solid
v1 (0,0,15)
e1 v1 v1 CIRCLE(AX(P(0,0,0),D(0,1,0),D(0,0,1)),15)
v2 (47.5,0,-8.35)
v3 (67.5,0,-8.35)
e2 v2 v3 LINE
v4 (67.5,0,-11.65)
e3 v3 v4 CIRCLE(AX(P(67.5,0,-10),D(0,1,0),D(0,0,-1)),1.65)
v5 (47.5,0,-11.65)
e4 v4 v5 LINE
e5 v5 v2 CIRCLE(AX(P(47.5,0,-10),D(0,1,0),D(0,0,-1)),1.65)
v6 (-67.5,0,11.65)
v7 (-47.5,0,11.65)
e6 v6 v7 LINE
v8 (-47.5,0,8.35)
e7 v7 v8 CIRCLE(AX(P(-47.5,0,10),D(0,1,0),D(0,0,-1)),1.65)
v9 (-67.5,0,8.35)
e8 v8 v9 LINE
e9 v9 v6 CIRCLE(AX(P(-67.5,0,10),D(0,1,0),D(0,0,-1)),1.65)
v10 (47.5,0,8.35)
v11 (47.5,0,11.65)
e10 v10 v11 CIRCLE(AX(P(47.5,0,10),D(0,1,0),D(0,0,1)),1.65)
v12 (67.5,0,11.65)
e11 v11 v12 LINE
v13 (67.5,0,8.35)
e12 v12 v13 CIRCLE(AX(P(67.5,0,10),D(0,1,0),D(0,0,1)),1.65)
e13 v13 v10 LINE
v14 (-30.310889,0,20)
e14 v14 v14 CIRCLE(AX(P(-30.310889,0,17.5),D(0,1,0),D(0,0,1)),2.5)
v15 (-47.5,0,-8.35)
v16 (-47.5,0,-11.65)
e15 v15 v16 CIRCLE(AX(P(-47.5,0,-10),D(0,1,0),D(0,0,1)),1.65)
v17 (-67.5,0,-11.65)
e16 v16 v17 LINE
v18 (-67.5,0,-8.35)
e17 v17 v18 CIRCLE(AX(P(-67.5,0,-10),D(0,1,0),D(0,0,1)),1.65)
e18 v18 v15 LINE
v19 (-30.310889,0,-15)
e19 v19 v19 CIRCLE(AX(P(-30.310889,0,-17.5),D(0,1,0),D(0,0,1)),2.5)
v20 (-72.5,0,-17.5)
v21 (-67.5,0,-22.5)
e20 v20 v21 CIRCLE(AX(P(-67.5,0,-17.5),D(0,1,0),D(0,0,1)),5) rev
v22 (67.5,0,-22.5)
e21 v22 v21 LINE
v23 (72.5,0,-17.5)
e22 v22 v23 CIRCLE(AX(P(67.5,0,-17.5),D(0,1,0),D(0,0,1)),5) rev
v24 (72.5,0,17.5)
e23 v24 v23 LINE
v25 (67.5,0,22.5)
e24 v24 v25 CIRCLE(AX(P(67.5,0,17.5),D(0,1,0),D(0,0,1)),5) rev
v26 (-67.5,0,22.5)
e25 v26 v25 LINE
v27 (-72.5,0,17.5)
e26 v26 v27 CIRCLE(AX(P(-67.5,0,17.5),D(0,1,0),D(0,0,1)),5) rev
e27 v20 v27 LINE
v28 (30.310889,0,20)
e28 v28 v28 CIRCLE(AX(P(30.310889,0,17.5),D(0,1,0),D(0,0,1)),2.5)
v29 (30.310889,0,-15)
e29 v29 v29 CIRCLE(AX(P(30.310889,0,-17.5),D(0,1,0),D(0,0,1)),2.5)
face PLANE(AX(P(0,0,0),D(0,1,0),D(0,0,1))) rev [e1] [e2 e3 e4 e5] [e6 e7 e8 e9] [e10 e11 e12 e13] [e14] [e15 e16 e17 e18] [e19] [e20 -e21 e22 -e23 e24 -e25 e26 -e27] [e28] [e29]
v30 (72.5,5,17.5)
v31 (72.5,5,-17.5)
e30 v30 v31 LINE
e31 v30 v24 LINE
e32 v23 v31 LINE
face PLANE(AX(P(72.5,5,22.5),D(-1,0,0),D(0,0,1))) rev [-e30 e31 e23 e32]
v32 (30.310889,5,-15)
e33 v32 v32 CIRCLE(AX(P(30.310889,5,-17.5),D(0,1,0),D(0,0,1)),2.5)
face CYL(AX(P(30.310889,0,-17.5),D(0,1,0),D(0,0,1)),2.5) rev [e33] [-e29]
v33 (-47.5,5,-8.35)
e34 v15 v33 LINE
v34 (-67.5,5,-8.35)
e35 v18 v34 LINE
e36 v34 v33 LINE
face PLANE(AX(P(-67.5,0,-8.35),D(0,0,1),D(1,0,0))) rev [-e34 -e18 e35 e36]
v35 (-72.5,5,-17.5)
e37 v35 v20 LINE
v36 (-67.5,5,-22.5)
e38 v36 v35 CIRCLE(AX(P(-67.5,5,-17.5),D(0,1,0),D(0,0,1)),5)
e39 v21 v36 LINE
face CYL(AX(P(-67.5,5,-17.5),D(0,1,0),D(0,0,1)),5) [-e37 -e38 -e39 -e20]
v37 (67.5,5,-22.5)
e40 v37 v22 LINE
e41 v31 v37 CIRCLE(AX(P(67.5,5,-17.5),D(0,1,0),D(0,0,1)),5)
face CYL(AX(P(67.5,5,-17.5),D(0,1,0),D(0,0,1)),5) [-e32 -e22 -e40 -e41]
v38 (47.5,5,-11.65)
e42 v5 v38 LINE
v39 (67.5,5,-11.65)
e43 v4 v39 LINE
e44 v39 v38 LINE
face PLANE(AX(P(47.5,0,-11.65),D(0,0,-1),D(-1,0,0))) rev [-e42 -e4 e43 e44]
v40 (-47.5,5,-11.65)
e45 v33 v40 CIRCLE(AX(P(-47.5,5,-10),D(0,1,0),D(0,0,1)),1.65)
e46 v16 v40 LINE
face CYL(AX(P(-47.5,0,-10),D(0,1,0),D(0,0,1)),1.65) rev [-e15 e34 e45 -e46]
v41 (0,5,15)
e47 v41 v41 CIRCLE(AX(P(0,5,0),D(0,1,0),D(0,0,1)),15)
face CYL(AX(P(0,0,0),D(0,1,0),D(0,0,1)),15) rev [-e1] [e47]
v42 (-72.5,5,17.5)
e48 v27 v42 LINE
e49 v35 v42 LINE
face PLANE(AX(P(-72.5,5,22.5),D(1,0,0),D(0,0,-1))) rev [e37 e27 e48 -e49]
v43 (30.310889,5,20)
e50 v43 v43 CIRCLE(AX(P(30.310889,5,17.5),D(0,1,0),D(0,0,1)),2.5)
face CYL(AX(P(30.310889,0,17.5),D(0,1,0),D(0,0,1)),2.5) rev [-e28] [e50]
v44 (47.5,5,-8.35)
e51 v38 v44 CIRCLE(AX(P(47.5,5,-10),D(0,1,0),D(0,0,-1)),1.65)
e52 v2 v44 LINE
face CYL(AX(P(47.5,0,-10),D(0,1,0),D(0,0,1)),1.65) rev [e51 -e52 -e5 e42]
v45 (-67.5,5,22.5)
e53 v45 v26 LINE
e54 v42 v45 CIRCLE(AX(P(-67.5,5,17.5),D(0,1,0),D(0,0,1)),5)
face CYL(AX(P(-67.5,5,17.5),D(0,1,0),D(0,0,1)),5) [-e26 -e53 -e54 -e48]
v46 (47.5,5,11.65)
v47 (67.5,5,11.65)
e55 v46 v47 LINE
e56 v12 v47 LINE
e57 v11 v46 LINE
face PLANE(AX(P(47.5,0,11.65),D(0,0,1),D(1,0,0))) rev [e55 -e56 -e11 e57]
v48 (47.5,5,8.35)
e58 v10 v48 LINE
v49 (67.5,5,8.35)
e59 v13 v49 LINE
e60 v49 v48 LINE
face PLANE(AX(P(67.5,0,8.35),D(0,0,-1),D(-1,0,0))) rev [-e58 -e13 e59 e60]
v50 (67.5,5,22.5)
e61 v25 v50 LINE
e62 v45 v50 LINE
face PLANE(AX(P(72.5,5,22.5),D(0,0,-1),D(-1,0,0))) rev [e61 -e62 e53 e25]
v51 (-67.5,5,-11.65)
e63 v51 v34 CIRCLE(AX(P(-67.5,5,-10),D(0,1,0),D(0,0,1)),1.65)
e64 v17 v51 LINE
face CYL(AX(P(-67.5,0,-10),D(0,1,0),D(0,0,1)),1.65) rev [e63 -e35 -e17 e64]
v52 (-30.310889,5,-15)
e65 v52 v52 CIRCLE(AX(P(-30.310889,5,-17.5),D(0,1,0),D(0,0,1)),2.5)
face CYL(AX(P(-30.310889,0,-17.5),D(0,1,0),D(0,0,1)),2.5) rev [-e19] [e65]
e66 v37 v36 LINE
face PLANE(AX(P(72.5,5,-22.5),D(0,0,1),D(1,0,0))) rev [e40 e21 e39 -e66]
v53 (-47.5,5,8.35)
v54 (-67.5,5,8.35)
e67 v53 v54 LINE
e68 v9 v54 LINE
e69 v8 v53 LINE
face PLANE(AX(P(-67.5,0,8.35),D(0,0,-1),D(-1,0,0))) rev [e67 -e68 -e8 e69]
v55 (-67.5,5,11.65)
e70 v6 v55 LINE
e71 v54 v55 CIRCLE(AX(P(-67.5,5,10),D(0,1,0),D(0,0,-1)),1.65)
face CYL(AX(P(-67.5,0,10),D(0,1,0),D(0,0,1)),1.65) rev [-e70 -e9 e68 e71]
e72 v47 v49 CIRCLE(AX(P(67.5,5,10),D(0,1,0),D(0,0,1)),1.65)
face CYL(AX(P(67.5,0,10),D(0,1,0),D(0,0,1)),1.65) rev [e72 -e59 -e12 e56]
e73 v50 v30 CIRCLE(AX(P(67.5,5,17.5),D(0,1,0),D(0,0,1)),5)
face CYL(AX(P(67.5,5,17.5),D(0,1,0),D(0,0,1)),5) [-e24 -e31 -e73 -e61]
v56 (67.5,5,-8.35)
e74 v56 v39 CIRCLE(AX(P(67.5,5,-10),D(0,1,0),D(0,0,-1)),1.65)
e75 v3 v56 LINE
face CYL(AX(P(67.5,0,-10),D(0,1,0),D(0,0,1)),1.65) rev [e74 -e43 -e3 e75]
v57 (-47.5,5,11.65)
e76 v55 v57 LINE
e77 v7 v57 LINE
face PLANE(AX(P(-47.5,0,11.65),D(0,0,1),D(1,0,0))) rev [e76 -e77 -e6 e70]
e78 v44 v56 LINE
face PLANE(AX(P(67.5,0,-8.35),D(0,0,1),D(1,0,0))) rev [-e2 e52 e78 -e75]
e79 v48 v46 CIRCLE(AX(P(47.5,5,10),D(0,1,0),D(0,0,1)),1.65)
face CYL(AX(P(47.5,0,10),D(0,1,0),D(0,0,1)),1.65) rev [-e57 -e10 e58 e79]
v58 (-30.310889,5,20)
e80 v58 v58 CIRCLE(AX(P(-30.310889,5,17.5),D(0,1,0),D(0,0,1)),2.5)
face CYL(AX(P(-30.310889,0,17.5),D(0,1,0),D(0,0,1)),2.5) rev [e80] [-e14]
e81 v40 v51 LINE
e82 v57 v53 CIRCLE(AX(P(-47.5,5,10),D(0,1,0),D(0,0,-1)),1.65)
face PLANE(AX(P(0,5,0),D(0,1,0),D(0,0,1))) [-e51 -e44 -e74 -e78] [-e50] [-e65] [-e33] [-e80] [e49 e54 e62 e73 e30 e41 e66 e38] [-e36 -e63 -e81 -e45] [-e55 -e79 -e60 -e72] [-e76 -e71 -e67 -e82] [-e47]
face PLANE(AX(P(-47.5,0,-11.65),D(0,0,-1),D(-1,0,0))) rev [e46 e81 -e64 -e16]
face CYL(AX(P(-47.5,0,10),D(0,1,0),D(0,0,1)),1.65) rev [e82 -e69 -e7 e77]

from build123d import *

# Parameters (mm, degrees)
SKETCH1_W           = 145
SKETCH1_H           = 45
BOSS_EXTRUDE1_DEPTH = 5
CUT_EXTRUDE1_DEPTH  = 77.075620274
FILLET1_R           = 5
FILLET2_R           = 5
FILLET3_R           = 5
FILLET4_R           = 5
SKETCH3_R           = 2.5
CUT_EXTRUDE2_DEPTH  = 77.075620274
SKETCH4_R           = 15
CUT_EXTRUDE3_DEPTH  = 77.075620274


with BuildPart() as part:
    # Sketch1 → Boss-Extrude1 (new body)
    with BuildSketch(Plane(origin=(0, 0, 0), x_dir=(1, 0, 0), z_dir=(0, 1, 0))):
        Rectangle(SKETCH1_W, SKETCH1_H)
    extrude(amount=BOSS_EXTRUDE1_DEPTH)

    # Sketch2 → Cut-Extrude1 (cut, through all)
    with BuildSketch(Plane(origin=(0, 5, 0), x_dir=(1, 0, 0), z_dir=(0, 1, 0))):
        with BuildLine():
            Line((-67.5, 8.35), (-47.5, 8.35))
            ThreePointArc((-47.5, 8.35), (-45.85, 10), (-47.5, 11.65))
            Line((-47.5, 11.65), (-67.5, 11.65))
            ThreePointArc((-67.5, 11.65), (-69.15, 10), (-67.5, 8.35))
        make_face()
        with BuildLine():
            Line((-47.5, -11.65), (-67.5, -11.65))
            ThreePointArc((-67.5, -11.65), (-69.15, -10), (-67.5, -8.35))
            Line((-67.5, -8.35), (-47.5, -8.35))
            ThreePointArc((-47.5, -8.35), (-45.85, -10), (-47.5, -11.65))
        make_face()
        with BuildLine():
            Line((47.5, 11.65), (67.5, 11.65))
            ThreePointArc((67.5, 11.65), (69.15, 10), (67.5, 8.35))
            Line((67.5, 8.35), (47.5, 8.35))
            ThreePointArc((47.5, 8.35), (45.85, 10), (47.5, 11.65))
        make_face()
        with BuildLine():
            Line((47.5, -11.65), (67.5, -11.65))
            ThreePointArc((67.5, -11.65), (69.15, -10), (67.5, -8.35))
            Line((67.5, -8.35), (47.5, -8.35))
            ThreePointArc((47.5, -8.35), (45.85, -10), (47.5, -11.65))
        make_face()
    extrude(amount=-CUT_EXTRUDE1_DEPTH, mode=Mode.SUBTRACT)

    # Fillet1
    fillet1_edges = [part.edges().sort_by_distance(p)[0] for p in [
        (72.5, 2.5, -22.5),
    ]]
    fillet(fillet1_edges, radius=FILLET1_R)

    # Fillet2
    fillet2_edges = [part.edges().sort_by_distance(p)[0] for p in [
        (-72.5, 2.5, -22.5),
    ]]
    fillet(fillet2_edges, radius=FILLET2_R)

    # Fillet3
    fillet3_edges = [part.edges().sort_by_distance(p)[0] for p in [
        (-72.5, 2.5, 22.5),
    ]]
    fillet(fillet3_edges, radius=FILLET3_R)

    # Fillet4
    fillet4_edges = [part.edges().sort_by_distance(p)[0] for p in [
        (72.5, 2.5, 22.5),
    ]]
    fillet(fillet4_edges, radius=FILLET4_R)

    # Sketch3 → Cut-Extrude2 (cut, through all)
    with BuildSketch(Plane(origin=(0, 5, 0), x_dir=(1, 0, 0), z_dir=(0, 1, 0))):
        with Locations(Location((30.310889132, 17.5, 0), (0, 0, 270))):
            Circle(SKETCH3_R)
        with Locations(Location((30.310889132, -17.5, 0), (0, 0, 270))):
            Circle(SKETCH3_R)
        with Locations(Location((-30.310889132, -17.5, 0), (0, 0, 270))):
            Circle(SKETCH3_R)
        with Locations(Location((-30.310889132, 17.5, 0), (0, 0, 270))):
            Circle(SKETCH3_R)
    extrude(amount=-CUT_EXTRUDE2_DEPTH, mode=Mode.SUBTRACT)

    # Sketch4 → Cut-Extrude3 (cut, through all)
    with BuildSketch(Plane(origin=(0, 5, 0), x_dir=(1, 0, 0), z_dir=(0, 1, 0))):
        with Locations(Location((0, 0, 0), (0, 0, 270))):
            Circle(SKETCH4_R)
    extrude(amount=-CUT_EXTRUDE3_DEPTH, mode=Mode.SUBTRACT)


solid = part.part
